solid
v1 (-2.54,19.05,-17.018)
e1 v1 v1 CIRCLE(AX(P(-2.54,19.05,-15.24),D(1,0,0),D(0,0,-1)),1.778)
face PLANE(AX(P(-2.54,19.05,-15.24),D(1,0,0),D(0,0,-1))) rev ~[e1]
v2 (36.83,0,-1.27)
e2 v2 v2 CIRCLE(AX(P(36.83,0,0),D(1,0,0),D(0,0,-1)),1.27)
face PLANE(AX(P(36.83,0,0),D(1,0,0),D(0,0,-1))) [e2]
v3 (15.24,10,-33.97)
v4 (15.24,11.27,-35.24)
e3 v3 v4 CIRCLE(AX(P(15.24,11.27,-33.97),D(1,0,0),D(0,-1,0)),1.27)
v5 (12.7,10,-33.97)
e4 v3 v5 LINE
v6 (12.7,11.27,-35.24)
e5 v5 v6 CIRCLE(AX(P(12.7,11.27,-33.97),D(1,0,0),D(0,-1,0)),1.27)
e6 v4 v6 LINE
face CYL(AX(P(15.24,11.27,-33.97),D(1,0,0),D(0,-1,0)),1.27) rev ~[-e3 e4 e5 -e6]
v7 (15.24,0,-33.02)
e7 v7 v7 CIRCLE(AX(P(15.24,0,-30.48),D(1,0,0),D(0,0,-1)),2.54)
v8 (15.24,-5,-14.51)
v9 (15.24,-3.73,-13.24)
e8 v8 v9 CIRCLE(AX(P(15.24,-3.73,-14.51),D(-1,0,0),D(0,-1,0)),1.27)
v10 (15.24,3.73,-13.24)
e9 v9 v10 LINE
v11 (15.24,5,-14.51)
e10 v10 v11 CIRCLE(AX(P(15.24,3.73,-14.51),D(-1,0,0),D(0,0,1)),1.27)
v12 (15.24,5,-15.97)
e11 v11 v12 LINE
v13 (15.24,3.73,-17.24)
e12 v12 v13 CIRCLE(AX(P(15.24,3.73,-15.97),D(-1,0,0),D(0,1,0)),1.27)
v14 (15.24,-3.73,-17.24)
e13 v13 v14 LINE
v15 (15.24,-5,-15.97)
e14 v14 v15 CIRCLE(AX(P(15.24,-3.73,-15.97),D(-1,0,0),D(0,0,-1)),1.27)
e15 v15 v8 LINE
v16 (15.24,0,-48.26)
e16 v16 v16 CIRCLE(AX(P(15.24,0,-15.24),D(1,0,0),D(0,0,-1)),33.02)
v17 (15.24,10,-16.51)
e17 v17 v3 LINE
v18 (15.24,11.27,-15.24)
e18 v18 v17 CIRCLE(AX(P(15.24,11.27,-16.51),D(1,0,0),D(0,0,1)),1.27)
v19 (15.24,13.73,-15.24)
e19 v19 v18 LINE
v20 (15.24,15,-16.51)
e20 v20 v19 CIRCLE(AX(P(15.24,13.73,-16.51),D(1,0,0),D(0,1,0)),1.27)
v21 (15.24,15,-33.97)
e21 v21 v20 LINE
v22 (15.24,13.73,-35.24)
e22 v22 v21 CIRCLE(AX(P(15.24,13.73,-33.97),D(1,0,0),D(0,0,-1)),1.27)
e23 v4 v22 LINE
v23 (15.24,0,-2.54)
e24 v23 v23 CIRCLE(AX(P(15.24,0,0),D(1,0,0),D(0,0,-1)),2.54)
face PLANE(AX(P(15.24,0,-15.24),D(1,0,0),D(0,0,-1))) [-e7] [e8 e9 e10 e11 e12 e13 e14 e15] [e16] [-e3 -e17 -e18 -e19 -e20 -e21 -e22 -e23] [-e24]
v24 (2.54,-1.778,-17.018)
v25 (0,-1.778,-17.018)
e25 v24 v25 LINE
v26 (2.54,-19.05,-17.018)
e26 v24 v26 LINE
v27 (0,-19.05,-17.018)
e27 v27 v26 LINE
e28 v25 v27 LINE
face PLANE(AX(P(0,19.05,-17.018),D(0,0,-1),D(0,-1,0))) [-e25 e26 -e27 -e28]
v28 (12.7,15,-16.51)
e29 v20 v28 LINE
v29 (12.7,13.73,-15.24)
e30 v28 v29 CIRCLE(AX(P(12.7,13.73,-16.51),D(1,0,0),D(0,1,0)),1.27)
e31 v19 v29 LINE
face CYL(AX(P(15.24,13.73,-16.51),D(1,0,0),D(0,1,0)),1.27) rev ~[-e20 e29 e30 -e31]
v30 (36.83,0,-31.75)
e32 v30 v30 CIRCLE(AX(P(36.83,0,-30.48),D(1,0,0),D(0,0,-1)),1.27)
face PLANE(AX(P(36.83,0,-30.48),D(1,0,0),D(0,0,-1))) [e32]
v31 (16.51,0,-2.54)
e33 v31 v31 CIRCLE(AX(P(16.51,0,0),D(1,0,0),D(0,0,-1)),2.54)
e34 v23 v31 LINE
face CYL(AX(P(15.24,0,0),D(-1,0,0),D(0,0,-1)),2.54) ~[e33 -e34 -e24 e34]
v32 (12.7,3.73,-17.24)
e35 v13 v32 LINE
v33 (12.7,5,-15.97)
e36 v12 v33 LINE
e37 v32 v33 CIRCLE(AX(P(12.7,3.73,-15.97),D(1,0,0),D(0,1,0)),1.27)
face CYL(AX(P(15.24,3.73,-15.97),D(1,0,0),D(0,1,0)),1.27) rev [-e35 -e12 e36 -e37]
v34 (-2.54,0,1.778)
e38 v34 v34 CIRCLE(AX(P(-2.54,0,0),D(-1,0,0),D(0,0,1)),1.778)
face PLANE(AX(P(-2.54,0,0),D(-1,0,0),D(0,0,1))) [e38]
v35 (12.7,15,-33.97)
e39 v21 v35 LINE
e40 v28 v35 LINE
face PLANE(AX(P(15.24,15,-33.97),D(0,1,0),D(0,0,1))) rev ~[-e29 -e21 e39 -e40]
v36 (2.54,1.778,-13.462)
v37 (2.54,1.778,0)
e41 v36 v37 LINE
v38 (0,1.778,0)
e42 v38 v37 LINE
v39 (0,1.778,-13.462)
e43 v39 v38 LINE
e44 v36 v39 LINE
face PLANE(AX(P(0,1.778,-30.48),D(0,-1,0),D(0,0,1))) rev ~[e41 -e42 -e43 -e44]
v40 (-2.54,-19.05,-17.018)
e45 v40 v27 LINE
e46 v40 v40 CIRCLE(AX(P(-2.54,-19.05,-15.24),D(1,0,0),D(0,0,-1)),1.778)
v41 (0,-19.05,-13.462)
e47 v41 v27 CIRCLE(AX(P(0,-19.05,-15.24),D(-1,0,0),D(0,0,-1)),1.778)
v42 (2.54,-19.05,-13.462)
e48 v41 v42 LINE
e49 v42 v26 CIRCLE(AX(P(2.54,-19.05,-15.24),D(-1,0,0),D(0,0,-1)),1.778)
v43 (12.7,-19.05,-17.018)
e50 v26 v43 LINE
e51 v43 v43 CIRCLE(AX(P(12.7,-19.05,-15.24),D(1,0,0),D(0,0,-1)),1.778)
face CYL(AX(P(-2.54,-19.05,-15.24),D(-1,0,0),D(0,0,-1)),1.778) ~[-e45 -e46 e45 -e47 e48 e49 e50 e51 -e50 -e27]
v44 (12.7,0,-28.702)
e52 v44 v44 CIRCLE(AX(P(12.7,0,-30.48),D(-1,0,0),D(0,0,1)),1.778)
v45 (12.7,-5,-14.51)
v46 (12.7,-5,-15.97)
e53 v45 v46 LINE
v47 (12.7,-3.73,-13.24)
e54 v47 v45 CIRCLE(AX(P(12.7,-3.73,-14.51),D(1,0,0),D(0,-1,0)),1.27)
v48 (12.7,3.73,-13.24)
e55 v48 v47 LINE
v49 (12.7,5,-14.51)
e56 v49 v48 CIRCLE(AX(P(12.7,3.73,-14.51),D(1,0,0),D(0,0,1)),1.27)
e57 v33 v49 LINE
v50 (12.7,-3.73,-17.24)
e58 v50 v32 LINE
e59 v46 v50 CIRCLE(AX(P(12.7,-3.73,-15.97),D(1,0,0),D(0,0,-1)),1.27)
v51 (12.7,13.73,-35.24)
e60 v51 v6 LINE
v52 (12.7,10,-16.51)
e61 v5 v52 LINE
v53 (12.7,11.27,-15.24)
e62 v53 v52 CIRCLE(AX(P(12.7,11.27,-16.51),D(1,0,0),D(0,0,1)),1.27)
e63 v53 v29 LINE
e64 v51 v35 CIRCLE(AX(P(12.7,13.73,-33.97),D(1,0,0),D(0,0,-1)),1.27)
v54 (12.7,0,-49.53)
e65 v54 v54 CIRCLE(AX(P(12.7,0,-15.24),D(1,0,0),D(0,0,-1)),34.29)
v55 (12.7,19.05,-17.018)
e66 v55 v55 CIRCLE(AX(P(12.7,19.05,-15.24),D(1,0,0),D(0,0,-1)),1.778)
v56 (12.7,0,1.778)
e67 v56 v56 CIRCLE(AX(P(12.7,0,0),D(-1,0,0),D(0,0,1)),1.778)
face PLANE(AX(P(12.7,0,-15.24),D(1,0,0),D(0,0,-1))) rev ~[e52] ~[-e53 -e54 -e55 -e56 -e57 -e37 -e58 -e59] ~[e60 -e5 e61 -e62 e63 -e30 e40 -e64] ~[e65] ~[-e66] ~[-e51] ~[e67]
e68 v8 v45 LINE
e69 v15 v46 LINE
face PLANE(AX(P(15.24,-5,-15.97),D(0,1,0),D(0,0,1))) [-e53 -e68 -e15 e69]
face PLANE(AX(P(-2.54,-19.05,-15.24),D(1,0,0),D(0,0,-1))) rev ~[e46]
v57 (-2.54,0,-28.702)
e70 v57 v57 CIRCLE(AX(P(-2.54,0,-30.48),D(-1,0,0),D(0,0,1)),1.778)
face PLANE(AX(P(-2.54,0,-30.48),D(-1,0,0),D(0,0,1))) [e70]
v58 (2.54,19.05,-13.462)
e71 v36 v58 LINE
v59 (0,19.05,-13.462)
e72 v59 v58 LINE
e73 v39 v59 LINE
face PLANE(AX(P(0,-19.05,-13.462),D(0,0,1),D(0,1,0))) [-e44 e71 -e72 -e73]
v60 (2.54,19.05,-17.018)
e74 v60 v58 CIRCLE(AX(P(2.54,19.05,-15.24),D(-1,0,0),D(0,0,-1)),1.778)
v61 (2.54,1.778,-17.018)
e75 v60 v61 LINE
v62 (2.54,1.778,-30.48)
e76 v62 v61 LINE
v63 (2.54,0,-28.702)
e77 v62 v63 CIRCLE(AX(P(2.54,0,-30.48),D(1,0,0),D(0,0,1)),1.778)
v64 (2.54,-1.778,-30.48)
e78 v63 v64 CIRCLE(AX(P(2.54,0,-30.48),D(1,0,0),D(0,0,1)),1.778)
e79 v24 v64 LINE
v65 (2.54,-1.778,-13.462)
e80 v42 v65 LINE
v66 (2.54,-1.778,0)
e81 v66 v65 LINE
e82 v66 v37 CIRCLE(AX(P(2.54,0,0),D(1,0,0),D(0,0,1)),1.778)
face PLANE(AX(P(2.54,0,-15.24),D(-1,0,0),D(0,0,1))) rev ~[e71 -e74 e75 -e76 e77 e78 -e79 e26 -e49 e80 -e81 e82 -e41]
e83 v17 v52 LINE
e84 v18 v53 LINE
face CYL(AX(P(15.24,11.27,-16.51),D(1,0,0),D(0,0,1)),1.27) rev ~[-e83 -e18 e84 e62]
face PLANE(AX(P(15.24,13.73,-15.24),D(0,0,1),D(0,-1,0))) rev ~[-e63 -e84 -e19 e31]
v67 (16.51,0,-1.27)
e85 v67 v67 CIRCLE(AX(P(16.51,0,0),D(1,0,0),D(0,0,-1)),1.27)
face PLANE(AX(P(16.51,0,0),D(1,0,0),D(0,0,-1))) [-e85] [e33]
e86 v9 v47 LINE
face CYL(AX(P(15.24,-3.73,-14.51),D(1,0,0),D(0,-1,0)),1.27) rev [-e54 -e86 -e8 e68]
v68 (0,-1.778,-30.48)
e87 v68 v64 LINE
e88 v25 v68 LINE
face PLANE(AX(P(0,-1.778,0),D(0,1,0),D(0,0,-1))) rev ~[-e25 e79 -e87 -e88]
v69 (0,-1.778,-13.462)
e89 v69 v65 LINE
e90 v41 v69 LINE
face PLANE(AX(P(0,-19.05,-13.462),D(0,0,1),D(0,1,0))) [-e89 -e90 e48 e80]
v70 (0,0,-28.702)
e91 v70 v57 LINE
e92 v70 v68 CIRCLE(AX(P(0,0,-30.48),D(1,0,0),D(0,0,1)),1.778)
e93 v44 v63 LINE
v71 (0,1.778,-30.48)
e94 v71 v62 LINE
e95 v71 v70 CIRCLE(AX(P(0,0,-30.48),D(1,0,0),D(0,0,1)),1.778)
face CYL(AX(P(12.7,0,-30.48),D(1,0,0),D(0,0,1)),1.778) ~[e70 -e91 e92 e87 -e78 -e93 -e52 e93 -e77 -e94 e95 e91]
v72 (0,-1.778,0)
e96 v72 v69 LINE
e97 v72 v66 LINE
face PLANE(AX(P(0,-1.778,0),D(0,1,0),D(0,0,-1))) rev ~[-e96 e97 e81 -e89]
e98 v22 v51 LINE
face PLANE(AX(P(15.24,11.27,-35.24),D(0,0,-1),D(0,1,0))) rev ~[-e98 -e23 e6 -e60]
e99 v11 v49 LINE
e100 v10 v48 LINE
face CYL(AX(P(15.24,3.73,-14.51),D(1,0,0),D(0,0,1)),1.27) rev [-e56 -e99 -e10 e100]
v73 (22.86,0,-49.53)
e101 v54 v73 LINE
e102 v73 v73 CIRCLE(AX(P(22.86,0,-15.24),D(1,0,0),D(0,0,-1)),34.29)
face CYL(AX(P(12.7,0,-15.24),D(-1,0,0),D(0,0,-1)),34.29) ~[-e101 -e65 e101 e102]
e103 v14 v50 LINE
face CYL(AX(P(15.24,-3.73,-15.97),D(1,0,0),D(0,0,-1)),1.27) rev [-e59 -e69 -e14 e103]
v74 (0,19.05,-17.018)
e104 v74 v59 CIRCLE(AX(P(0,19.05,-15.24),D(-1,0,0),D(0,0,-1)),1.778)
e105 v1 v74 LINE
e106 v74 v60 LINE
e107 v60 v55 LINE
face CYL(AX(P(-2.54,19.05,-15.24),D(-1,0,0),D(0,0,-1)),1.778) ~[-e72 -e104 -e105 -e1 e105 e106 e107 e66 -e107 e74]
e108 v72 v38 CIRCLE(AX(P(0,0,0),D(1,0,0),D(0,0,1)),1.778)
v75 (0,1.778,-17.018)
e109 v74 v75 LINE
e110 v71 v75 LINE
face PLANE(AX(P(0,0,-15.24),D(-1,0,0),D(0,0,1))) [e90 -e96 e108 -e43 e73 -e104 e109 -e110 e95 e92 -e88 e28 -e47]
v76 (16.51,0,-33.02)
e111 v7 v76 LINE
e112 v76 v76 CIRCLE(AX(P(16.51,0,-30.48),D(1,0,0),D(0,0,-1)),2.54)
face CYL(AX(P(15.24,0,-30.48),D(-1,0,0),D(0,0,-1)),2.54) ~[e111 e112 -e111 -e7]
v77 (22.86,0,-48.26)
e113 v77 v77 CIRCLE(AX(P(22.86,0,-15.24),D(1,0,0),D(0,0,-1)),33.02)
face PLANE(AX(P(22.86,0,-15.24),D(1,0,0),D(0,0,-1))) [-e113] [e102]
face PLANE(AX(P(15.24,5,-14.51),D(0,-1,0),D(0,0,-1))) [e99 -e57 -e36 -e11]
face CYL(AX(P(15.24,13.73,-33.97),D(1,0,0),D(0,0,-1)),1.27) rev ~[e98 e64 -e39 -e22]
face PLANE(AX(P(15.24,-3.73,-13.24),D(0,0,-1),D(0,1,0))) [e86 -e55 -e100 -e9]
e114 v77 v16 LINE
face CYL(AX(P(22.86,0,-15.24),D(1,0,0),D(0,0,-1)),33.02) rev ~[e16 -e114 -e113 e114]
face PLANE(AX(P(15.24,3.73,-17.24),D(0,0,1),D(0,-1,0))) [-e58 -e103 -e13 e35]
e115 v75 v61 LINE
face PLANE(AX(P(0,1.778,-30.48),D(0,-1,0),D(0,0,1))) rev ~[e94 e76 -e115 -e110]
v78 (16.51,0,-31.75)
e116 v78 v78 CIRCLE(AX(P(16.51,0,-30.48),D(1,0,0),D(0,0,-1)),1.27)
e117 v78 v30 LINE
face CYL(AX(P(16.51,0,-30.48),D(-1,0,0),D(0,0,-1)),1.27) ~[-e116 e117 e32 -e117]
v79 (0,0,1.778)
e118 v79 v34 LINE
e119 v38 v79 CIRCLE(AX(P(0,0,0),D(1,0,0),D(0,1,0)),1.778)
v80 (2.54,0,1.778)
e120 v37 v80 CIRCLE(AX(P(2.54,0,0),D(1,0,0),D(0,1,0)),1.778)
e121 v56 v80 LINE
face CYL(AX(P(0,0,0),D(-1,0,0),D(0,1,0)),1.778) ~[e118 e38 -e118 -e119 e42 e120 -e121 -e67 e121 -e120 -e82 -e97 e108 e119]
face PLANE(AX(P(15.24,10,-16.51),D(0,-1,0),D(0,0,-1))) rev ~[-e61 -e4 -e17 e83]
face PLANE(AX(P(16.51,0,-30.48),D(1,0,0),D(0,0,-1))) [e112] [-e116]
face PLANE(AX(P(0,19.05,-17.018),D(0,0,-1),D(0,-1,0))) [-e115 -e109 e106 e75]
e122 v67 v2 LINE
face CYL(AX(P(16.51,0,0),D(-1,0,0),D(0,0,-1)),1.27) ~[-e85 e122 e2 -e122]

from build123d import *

# Parameters (mm, degrees)
BOSS_EXTRUDE1_DEPTH      = 2.54
BOSS_EXTRUDE2_DEPTH      = 2.54
BOSS_EXTRUDE2_DEPTH_BACK = 12.7
SKETCH3_R                = 1.778
SKETCH4_R                = 34.29
BOSS_EXTRUDE3_DEPTH      = 10.16
BOSS_EXTRUDE4_DEPTH      = 2.54
BOSS_EXTRUDE5_DEPTH      = 10.16
BOSS_EXTRUDE5_DEPTH_BACK = 5.08
SKETCH6_R                = 1.778
SKETCH7_R                = 33.02
CUT_EXTRUDE1_DEPTH       = 7.62
SKETCH9_R                = 2.54
BOSS_EXTRUDE6_DEPTH      = 1.27
SKETCH10_R               = 1.27
BOSS_EXTRUDE7_DEPTH      = 20.32
CUT_EXTRUDE2_REACH       = 65.993
CUT_EXTRUDE3_REACH       = 65.993


with BuildPart() as part:
    # Sketch2 → Boss-Extrude1 (new body)
    with BuildSketch(Plane(origin=(0, 0, 0), x_dir=(0, 0, -1), z_dir=(1, 0, 0))):
        with BuildLine():
            Line((0, -1.778), (30.48, -1.778))
            ThreePointArc((30.48, -1.778), (32.258, 0), (30.48, 1.778))
            Line((30.48, 1.778), (0, 1.778))
            ThreePointArc((0, 1.778), (-1.778, 0), (0, -1.778))
        make_face()
    extrude(amount=BOSS_EXTRUDE1_DEPTH)

    # Sketch3 → Boss-Extrude2 (add, two sides: drawn at the far end of the back side and taken through both)
    with BuildSketch(Plane.ZY.offset(-BOSS_EXTRUDE2_DEPTH_BACK)):
        with Locations((-30.48, 0)):
            Circle(SKETCH3_R)
        Circle(SKETCH3_R)
    extrude(amount=BOSS_EXTRUDE2_DEPTH + BOSS_EXTRUDE2_DEPTH_BACK)

    # Sketch4 → Boss-Extrude3 (add)
    with BuildSketch(Plane(origin=(12.7, 0, 0), x_dir=(0, 0, -1), z_dir=(1, 0, 0))):
        with Locations((15.24, 0)):
            Circle(SKETCH4_R)
    extrude(amount=BOSS_EXTRUDE3_DEPTH)

    # Sketch5 → Boss-Extrude4 (add)
    with BuildSketch(Plane(origin=(0, 0, 0), x_dir=(0, 0, -1), z_dir=(1, 0, 0))):
        with BuildLine():
            Line((13.462, -19.05), (13.462, 19.05))
            ThreePointArc((13.462, 19.05), (15.24, 20.828), (17.018, 19.05))
            Line((17.018, 19.05), (17.018, -19.05))
            ThreePointArc((17.018, -19.05), (15.24, -20.828), (13.462, -19.05))
        make_face()
    extrude(amount=BOSS_EXTRUDE4_DEPTH)

    # Sketch6 → Boss-Extrude5 (add, two sides: drawn at the far end of the back side and taken through both)
    with BuildSketch(Plane(origin=(2.54, 0, 0), x_dir=(0, 0, -1), z_dir=(1, 0, 0)).offset(-BOSS_EXTRUDE5_DEPTH_BACK)):
        with Locations((15.24, -19.05)):
            Circle(SKETCH6_R)
        with Locations((15.24, 19.05)):
            Circle(SKETCH6_R)
    extrude(amount=BOSS_EXTRUDE5_DEPTH + BOSS_EXTRUDE5_DEPTH_BACK)

    # Sketch7 → Cut-Extrude1 (cut)
    with BuildSketch(Plane(origin=(22.86, 0, 0), x_dir=(0, 0, -1), z_dir=(1, 0, 0))):
        with Locations((15.24, 0)):
            Circle(SKETCH7_R)
    extrude(amount=-CUT_EXTRUDE1_DEPTH, mode=Mode.SUBTRACT)

    # Sketch9 → Boss-Extrude6 (add)
    with BuildSketch(Plane(origin=(15.24, 0, 0), x_dir=(0, 0, -1), z_dir=(1, 0, 0))):
        Circle(SKETCH9_R)
        with Locations((30.48, 0)):
            Circle(SKETCH9_R)
    extrude(amount=BOSS_EXTRUDE6_DEPTH)

    # Sketch10 → Boss-Extrude7 (add)
    with BuildSketch(Plane(origin=(16.51, 0, 0), x_dir=(0, 0, -1), z_dir=(1, 0, 0))):
        with Locations((30.48, 0)):
            Circle(SKETCH10_R)
        Circle(SKETCH10_R)
    extrude(amount=BOSS_EXTRUDE7_DEPTH)

    # Sketch11 → Cut-Extrude2 (cut, up to next)
    with BuildSketch(Plane(origin=(15.24, 0, 0), x_dir=(0, 0, -1), z_dir=(1, 0, 0)), mode=Mode.PRIVATE) as cut_extrude2_sk1:
        with BuildLine():
            Line((14.51, 5), (15.97, 5))
            ThreePointArc((15.97, 5), (16.868025612, 4.628025612), (17.24, 3.73))
            Line((17.24, 3.73), (17.24, -3.73))
            ThreePointArc((17.24, -3.73), (16.868025612, -4.628025612), (15.97, -5))
            Line((15.97, -5), (14.51, -5))
            ThreePointArc((14.51, -5), (13.611974388, -4.628025612), (13.24, -3.73))
            Line((13.24, -3.73), (13.24, 3.73))
            ThreePointArc((13.24, 3.73), (13.611974388, 4.628025612), (14.51, 5))
        make_face()
    cut_extrude2_tool1 = extrude(cut_extrude2_sk1.sketch, amount=-CUT_EXTRUDE2_REACH, mode=Mode.PRIVATE) & part.part
    add(cut_extrude2_tool1.solids().sort_by_distance((15.24, 0, -15.24))[0], mode=Mode.SUBTRACT)

    # Sketch15 → Cut-Extrude3 (cut, up to next)
    with BuildSketch(Plane(origin=(15.24, 0, 0), x_dir=(0, 0, -1), z_dir=(1, 0, 0)), mode=Mode.PRIVATE) as cut_extrude3_sk1:
        with BuildLine():
            Line((16.51, 10), (33.97, 10))
            ThreePointArc((33.97, 10), (34.868025612, 10.371974388), (35.24, 11.27))
            Line((35.24, 11.27), (35.24, 13.73))
            ThreePointArc((35.24, 13.73), (34.868025612, 14.628025612), (33.97, 15))
            Line((33.97, 15), (16.51, 15))
            ThreePointArc((16.51, 15), (15.611974388, 14.628025612), (15.24, 13.73))
            Line((15.24, 13.73), (15.24, 11.27))
            ThreePointArc((15.24, 11.27), (15.611974388, 10.371974388), (16.51, 10))
        make_face()
    cut_extrude3_tool1 = extrude(cut_extrude3_sk1.sketch, amount=-CUT_EXTRUDE3_REACH, mode=Mode.PRIVATE) & part.part
    add(cut_extrude3_tool1.solids().sort_by_distance((15.24, 12.5, -25.24))[0], mode=Mode.SUBTRACT)


solid = part.part
